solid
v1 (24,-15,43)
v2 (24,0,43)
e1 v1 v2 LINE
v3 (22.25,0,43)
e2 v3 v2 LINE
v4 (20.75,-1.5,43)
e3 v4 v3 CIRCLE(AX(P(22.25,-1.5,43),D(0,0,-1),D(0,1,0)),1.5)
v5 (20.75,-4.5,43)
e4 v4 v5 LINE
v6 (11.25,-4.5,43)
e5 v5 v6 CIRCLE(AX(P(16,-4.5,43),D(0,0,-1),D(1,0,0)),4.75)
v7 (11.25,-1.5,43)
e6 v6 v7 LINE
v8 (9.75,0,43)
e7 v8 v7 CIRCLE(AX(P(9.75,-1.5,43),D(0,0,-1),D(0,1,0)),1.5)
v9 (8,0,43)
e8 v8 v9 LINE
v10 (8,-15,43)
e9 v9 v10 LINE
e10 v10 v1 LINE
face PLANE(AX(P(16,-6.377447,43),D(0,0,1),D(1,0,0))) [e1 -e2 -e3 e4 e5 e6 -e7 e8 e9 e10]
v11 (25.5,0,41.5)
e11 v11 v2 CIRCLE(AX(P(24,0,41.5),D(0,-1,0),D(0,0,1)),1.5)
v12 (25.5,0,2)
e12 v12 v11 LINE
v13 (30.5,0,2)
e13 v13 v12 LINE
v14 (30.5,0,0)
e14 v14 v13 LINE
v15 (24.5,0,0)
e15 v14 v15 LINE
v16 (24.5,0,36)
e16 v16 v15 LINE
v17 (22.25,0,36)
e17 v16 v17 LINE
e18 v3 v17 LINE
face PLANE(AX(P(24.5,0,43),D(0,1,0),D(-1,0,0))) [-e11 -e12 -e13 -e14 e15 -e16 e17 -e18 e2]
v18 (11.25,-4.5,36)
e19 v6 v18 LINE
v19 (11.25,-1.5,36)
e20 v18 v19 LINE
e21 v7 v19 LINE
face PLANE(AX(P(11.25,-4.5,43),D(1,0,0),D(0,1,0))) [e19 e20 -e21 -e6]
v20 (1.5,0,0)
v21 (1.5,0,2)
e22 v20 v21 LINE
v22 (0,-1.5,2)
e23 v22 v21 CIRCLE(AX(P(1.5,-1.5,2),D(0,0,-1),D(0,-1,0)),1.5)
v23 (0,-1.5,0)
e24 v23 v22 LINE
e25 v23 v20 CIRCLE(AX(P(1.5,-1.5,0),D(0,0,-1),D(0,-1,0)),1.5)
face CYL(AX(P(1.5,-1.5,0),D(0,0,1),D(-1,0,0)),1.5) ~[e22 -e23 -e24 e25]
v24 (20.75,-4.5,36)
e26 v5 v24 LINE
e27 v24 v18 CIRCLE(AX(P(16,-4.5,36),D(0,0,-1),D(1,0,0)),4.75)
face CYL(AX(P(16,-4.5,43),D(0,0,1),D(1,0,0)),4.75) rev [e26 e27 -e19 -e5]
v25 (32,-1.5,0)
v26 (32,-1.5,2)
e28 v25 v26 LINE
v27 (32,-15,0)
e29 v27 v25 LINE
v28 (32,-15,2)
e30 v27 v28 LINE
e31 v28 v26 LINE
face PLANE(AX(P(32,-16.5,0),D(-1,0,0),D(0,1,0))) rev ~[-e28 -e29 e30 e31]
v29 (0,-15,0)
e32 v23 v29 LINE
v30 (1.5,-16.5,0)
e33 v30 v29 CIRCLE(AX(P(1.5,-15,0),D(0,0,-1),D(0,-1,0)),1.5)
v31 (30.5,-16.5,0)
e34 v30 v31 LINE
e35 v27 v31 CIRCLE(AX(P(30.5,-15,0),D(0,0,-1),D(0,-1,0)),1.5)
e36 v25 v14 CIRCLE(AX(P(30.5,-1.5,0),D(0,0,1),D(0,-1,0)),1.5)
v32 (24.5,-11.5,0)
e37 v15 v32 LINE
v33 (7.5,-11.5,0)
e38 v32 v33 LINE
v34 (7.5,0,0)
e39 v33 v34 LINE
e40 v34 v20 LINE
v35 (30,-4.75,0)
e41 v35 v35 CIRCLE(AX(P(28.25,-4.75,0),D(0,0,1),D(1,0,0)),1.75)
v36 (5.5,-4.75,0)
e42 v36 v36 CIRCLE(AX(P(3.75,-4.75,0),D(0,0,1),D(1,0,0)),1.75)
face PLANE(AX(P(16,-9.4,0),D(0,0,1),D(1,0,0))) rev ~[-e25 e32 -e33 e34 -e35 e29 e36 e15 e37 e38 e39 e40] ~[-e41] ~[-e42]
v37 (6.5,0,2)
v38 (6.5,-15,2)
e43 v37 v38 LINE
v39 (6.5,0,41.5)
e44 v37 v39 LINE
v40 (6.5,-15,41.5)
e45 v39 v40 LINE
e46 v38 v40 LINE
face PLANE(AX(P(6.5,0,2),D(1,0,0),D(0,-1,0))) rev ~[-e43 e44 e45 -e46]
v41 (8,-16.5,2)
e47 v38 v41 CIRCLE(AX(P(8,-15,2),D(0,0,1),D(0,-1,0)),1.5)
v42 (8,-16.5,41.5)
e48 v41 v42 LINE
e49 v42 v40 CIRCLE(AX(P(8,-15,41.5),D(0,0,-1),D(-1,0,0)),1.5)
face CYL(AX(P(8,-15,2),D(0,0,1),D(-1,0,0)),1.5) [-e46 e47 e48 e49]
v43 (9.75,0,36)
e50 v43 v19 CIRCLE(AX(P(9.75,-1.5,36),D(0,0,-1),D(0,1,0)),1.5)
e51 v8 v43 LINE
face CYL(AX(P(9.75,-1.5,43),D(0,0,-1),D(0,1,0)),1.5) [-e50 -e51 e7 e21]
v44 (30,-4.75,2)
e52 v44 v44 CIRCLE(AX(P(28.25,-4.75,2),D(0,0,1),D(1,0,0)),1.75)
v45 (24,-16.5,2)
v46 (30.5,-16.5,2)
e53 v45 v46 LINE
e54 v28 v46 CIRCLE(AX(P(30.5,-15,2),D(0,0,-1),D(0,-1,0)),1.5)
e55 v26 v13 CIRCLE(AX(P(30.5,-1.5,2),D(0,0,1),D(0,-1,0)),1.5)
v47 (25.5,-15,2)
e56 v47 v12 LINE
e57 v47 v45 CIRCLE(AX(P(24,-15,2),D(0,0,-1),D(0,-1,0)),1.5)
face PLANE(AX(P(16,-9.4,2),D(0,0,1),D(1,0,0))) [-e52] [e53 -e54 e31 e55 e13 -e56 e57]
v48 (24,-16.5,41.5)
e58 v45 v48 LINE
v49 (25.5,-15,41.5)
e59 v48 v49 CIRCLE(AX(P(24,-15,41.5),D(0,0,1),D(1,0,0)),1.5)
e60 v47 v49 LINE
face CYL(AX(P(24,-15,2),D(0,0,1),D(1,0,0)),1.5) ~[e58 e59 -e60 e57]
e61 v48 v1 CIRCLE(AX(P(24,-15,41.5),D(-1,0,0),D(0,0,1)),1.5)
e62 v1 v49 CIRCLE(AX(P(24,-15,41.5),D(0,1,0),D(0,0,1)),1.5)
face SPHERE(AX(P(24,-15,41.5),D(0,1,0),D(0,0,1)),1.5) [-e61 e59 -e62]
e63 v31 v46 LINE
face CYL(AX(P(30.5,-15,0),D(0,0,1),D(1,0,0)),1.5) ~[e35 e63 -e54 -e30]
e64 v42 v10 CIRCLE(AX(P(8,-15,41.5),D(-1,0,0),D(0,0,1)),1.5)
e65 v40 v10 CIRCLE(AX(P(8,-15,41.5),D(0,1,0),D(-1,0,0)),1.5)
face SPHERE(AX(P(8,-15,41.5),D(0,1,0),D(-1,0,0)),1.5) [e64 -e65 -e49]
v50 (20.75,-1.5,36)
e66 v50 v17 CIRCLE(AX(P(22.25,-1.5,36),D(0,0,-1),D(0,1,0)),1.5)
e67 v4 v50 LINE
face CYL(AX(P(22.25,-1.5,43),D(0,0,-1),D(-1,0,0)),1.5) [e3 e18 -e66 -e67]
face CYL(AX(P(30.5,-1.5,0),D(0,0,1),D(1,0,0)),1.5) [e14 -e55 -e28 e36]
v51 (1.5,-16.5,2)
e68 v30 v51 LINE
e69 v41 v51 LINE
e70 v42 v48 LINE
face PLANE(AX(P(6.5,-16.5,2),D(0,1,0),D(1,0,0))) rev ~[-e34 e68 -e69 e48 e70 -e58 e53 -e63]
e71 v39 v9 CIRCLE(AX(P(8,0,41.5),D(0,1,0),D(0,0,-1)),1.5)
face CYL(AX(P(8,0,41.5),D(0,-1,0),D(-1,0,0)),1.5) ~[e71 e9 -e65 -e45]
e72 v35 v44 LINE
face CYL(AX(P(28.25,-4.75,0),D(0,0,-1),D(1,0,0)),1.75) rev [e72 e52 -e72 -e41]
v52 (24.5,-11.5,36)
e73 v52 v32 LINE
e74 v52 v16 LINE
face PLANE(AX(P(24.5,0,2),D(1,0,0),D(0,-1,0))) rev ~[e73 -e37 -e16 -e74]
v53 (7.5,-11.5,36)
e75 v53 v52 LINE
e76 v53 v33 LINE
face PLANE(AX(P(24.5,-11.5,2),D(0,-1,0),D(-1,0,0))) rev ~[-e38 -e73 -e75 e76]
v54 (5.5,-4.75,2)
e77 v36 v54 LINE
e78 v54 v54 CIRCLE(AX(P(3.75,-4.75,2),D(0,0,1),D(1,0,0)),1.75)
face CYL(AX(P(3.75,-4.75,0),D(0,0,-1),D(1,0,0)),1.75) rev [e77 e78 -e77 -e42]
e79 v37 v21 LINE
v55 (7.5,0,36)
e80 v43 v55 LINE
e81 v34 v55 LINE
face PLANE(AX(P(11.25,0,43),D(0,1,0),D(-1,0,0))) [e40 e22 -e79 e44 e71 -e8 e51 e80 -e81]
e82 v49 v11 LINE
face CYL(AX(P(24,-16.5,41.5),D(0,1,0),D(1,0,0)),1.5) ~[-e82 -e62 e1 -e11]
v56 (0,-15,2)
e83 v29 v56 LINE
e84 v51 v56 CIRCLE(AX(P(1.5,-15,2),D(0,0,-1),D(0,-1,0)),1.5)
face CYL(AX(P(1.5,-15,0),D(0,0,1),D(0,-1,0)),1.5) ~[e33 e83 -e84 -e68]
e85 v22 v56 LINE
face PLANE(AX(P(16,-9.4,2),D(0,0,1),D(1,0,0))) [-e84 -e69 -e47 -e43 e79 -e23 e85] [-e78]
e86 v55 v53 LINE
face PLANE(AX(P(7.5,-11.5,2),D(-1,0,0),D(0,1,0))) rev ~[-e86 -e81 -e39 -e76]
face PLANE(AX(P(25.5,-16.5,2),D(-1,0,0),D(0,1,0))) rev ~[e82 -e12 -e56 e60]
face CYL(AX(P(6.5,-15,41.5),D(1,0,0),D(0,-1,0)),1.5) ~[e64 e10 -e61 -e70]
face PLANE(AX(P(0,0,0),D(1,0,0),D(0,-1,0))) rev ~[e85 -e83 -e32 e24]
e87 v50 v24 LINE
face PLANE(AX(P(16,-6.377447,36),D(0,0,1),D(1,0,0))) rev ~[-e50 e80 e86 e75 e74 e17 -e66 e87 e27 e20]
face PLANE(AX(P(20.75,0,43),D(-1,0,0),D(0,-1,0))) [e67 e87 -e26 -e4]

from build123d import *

# Parameters (mm, degrees)
F0_R     = 1.75
F1_DEPTH = 2
F3_DEPTH = 41
F5_DEPTH = 7
F6_R     = 1.5


with BuildPart() as f1:
    # F0 (on Top) → F1 (new body)
    with BuildSketch(Plane.XY):
        Polygon((0, 0), (0, -16.5), (32, -16.5), (32, 0), (24.5, 0), (24.5, -11.5), (7.5, -11.5), (7.5, 0), align=None)
        with Locations((3.75, -4.75)):
            Circle(F0_R, mode=Mode.SUBTRACT)
        with Locations((28.25, -4.75)):
            Circle(F0_R, mode=Mode.SUBTRACT)
    extrude(amount=F1_DEPTH)

    # F2 (on face) → F3 (join)
    with BuildSketch(Plane.XY.offset(2)):
        Polygon((7.5, -11.5), (7.5, 0), (6.5, 0), (6.5, -16.5), (25.5, -16.5), (25.5, 0), (24.5, 0), (24.5, -11.5), align=None)
    extrude(amount=F3_DEPTH)

    # F4 (on face) → F5 (join)
    with BuildSketch(Plane.XY.offset(43)):
        with BuildLine():
            Line((20.75, 0), (20.75, -4.5))
            ThreePointArc((20.75, -4.5), (16, -9.25), (11.25, -4.5))
            Line((11.25, -4.5), (11.25, 0))
            Line((11.25, 0), (7.5, 0))
            Line((7.5, 0), (7.5, -11.5))
            Line((7.5, -11.5), (24.5, -11.5))
            Line((24.5, -11.5), (24.5, 0))
            Line((24.5, 0), (20.75, 0))
        make_face()
    extrude(amount=-F5_DEPTH)

    # F6
    f6_edges = [f1.edges().sort_by_distance(p)[0] for p in [
        (25.5, -8.25, 43),
        (11.25, 0, 39.5),
        (20.75, 0, 39.5),
        (6.5, -8.25, 43),
        (6.5, -16.5, 22.5),
        (16, -16.5, 43),
        (25.5, -16.5, 22.5),
        (32, -16.5, 1),
        (32, 0, 1),
        (0, -16.5, 1),
        (0, 0, 1),
    ]]
    fillet(f6_edges, radius=F6_R)


solid = f1.part
